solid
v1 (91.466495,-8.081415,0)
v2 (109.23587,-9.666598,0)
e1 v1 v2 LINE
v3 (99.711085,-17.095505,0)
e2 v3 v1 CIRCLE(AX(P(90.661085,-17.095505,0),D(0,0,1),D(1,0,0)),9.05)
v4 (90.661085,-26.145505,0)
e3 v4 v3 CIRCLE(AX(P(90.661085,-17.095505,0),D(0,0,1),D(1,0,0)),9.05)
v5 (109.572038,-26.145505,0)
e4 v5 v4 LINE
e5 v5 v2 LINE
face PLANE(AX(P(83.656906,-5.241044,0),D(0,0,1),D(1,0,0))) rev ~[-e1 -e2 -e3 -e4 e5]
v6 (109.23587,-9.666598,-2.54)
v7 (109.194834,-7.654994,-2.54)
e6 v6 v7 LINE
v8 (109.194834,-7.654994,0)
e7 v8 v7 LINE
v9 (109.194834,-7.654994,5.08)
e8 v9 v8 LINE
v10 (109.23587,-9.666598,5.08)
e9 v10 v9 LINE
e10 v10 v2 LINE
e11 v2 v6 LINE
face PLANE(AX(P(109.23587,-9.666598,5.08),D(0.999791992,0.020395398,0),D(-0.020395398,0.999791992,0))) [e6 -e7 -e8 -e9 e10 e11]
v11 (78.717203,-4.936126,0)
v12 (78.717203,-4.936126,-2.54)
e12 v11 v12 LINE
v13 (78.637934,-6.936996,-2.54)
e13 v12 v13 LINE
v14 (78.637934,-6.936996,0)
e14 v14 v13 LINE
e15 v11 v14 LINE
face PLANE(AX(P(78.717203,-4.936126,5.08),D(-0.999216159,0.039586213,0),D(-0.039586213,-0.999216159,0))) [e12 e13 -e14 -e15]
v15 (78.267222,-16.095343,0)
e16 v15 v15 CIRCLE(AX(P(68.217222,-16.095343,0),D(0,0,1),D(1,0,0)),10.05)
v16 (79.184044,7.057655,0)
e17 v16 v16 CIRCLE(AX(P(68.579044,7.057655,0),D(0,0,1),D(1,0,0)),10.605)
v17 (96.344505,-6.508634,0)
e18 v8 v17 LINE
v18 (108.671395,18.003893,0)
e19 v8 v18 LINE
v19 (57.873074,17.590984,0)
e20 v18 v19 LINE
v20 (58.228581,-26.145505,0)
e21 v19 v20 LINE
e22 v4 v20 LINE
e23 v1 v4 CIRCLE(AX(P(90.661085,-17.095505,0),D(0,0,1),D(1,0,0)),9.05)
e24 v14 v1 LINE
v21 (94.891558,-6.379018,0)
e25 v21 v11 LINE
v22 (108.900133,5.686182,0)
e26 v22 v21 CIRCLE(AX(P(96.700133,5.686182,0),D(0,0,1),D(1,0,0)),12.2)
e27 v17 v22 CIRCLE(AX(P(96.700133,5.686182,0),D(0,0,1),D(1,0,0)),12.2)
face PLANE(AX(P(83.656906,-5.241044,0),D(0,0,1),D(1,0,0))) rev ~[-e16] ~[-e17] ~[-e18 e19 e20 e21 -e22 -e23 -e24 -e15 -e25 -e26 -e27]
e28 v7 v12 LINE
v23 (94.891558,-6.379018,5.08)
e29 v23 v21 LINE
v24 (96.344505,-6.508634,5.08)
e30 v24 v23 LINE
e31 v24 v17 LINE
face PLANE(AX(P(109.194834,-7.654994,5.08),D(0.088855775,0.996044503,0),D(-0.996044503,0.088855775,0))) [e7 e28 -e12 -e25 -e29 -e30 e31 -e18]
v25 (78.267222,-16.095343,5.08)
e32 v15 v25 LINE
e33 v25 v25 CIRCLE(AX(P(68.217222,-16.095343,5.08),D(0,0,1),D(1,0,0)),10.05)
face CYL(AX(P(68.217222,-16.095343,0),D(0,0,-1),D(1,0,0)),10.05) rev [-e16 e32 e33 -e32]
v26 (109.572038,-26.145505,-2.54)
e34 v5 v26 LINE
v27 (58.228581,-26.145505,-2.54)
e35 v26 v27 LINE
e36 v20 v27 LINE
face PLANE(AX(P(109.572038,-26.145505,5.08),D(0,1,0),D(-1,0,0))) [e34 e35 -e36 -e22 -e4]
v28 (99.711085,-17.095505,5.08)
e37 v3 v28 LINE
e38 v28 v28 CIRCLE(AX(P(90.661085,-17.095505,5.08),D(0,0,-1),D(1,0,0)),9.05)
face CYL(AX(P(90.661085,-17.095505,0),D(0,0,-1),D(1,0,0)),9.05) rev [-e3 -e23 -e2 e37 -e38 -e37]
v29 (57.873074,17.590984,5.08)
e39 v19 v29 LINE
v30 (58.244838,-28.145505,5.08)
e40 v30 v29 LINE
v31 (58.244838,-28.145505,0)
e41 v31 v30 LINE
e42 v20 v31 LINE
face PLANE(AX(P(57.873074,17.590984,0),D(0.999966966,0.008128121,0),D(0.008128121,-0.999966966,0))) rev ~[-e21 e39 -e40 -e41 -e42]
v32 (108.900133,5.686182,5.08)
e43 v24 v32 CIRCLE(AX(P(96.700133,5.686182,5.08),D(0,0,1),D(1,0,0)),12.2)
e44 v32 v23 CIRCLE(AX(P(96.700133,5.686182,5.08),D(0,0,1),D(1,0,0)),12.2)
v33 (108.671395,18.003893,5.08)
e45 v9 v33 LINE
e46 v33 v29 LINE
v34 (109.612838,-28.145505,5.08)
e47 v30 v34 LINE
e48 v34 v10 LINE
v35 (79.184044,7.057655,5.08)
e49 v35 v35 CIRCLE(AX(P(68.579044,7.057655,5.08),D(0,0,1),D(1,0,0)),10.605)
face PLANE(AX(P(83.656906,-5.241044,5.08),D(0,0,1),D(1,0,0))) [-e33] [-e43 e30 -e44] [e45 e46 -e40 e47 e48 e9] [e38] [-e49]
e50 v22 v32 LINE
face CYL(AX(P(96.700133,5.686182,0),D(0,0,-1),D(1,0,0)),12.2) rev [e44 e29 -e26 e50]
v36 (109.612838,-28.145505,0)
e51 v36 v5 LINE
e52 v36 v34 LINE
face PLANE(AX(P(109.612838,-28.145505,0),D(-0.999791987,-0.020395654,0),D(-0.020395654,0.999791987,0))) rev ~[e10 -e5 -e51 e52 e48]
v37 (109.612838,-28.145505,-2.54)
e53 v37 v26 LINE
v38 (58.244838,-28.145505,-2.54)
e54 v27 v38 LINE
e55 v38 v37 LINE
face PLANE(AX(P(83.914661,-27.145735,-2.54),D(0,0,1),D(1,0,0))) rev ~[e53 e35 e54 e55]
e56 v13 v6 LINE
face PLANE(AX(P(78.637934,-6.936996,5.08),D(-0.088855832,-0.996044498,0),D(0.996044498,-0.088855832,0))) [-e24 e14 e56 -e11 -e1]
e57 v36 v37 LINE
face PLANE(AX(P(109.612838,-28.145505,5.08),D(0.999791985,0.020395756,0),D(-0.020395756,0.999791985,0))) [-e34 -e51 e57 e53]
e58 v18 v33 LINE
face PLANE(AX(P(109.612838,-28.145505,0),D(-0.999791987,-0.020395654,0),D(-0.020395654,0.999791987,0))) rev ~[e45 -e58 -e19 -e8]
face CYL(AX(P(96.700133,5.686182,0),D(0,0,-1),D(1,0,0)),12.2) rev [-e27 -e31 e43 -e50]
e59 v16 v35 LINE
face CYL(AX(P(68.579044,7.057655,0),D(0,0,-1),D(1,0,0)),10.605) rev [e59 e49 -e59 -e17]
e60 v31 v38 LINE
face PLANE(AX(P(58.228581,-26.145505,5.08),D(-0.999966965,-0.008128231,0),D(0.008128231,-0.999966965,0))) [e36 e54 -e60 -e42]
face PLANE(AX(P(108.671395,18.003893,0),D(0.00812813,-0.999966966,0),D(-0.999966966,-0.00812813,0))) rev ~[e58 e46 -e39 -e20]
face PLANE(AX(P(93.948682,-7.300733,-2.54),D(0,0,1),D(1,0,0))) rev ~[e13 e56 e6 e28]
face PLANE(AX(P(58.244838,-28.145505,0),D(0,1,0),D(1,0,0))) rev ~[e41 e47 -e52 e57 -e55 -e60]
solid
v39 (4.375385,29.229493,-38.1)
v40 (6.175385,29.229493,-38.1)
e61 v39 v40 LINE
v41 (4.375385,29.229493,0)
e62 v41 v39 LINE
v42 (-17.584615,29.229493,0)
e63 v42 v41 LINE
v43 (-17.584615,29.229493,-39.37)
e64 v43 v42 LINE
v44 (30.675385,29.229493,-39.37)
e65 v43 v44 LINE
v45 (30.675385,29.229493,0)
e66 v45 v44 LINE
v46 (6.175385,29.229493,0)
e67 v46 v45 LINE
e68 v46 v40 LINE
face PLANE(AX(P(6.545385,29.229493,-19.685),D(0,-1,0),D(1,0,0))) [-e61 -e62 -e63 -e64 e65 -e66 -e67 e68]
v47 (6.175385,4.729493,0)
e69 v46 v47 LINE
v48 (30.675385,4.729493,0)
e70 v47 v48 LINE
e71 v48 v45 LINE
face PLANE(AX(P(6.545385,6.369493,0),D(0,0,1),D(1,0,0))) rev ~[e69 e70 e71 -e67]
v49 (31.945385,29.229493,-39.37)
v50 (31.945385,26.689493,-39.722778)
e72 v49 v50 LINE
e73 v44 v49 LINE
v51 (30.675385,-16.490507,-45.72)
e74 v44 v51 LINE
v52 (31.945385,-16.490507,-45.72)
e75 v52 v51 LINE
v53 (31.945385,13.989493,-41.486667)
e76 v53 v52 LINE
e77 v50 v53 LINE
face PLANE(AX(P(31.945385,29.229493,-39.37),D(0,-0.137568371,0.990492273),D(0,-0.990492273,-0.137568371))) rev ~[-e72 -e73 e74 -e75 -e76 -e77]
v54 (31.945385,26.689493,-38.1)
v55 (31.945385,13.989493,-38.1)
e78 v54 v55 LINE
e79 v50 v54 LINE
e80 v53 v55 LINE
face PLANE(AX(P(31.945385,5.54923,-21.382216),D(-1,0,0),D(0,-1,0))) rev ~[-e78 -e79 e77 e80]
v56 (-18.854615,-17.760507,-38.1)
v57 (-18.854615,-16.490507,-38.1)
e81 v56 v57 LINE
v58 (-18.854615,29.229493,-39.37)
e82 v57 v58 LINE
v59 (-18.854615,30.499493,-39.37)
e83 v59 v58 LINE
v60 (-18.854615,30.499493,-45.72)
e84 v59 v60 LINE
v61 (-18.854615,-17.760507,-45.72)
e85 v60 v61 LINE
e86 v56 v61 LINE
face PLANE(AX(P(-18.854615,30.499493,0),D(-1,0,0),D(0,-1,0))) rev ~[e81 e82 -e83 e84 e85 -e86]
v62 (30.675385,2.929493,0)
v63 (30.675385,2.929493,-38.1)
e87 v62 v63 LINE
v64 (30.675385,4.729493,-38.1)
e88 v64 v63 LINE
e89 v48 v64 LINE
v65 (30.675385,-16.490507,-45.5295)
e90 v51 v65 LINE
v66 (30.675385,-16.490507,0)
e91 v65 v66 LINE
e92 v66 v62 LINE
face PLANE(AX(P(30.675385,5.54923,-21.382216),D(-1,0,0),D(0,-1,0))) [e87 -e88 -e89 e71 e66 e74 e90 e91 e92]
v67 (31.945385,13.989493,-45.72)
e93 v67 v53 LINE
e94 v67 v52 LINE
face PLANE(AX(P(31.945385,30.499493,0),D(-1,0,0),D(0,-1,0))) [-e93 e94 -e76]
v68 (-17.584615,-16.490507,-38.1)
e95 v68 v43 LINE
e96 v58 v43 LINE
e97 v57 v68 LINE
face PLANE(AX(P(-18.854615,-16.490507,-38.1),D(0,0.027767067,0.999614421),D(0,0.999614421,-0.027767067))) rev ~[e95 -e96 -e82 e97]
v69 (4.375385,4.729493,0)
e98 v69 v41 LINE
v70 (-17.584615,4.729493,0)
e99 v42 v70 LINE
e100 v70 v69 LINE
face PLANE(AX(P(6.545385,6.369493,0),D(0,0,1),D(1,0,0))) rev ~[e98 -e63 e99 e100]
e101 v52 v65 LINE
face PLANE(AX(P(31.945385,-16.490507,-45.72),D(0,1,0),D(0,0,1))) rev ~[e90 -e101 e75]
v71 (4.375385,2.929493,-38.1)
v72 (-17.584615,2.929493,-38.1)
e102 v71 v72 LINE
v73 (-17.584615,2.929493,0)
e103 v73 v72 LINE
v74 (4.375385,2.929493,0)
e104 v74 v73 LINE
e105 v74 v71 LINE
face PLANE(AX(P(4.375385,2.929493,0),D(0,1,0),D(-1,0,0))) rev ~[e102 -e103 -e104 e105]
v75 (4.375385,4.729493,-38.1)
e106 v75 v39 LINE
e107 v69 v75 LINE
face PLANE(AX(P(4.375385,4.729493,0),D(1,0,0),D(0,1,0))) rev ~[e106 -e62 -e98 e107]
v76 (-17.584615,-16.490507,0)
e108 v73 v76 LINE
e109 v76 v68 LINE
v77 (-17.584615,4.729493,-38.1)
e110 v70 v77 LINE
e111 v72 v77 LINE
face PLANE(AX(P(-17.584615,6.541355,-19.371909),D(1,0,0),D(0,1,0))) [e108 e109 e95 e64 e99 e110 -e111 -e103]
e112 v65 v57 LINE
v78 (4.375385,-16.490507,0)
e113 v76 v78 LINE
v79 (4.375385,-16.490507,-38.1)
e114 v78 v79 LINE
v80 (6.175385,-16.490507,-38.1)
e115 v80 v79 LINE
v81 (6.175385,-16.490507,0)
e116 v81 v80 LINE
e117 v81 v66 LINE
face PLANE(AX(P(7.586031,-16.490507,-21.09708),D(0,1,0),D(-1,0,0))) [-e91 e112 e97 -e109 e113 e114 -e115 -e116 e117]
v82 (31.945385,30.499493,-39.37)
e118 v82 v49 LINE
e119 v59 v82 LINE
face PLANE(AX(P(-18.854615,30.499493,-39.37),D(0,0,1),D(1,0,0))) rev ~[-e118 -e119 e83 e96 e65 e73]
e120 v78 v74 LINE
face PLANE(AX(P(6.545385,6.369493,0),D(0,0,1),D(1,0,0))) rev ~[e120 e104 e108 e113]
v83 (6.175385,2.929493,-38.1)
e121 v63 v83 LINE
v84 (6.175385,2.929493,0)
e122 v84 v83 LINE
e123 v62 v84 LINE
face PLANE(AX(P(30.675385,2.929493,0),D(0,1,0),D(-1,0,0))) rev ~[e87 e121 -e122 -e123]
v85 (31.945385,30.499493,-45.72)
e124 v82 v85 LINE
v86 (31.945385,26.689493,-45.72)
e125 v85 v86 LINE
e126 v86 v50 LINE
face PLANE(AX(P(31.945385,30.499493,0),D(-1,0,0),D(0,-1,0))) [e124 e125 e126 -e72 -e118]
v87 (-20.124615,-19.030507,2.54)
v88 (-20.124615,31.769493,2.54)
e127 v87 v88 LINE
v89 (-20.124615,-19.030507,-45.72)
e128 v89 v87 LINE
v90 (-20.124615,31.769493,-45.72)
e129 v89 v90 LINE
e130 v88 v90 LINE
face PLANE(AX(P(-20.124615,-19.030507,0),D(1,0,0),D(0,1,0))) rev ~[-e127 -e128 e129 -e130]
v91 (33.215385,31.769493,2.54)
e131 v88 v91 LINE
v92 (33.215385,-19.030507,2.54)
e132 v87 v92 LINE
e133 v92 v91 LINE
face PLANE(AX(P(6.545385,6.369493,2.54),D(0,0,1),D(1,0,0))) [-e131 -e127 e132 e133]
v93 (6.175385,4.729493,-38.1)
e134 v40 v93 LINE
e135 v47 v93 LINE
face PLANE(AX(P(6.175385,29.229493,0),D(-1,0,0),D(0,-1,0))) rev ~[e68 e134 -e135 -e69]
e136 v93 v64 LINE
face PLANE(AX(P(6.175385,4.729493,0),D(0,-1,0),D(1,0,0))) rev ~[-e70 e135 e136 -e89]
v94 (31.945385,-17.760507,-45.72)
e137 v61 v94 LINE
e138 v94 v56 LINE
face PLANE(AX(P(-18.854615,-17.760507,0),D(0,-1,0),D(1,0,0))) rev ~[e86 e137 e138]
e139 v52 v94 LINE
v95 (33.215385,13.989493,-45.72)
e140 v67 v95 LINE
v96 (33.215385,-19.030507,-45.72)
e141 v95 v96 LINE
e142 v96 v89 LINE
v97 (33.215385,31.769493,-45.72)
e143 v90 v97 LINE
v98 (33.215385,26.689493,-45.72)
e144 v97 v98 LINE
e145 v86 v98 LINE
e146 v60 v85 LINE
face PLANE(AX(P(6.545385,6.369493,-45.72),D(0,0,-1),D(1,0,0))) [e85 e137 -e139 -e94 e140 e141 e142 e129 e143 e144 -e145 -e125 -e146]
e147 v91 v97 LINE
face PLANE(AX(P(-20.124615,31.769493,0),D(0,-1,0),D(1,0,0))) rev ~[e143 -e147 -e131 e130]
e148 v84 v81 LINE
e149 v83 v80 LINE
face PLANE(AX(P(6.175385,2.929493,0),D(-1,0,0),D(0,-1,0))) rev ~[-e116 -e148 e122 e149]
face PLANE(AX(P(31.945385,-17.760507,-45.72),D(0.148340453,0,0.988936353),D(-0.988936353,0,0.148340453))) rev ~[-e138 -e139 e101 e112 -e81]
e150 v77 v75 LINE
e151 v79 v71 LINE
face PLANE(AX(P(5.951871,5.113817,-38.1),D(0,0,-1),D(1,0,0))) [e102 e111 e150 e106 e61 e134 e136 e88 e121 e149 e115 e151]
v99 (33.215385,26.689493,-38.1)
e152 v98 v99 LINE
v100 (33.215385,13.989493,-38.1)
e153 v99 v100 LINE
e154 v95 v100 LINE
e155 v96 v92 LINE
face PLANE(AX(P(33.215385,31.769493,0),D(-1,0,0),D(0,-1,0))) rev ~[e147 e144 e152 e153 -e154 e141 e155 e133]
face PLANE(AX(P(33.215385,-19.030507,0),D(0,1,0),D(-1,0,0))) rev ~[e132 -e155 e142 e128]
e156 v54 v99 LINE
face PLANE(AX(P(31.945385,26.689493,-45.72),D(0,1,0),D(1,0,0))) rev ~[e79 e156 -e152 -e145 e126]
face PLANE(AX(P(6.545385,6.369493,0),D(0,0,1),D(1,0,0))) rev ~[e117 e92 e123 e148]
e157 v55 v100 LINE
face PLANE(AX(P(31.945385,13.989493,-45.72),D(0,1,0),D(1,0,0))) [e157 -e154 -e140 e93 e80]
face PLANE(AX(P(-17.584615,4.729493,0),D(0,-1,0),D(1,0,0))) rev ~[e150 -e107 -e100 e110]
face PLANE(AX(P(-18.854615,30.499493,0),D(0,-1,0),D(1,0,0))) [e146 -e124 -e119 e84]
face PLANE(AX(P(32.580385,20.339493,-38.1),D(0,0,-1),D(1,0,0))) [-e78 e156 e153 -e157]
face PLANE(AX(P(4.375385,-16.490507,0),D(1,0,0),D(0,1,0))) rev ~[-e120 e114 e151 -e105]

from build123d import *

# Parameters (mm, degrees)
F0_W      = 53.34
F0_H      = 50.8
F1_DEPTH  = 2.54
F2_W      = 50.8
F2_H      = 48.26
F3_DEPTH  = 45.72
F4_W      = 1.27
F4_H      = 12.7
F5_DEPTH  = 7.62
F6_W      = 50.8
F6_H      = 39.37
F7_DEPTH  = 1.27
F9_DEPTH  = 1.27
F11_DEPTH = 1.27
F13_DEPTH = 1.27
F15_DEPTH = 38.1
F16_R     = 10.05
F16_R_2   = 9.05
F16_R_3   = 10.605
F16_R_4   = 12.2
F17_DEPTH = 5.08
F19_DEPTH = 7.62


with BuildPart() as f1:
    # F0 (on Top) → F1 (new body)
    with BuildSketch(Plane.XY):
        with Locations((6.545385, 6.369493)):
            Rectangle(F0_W, F0_H)
    extrude(amount=F1_DEPTH)

    # F2 (on face) → F3 (join)
    with BuildSketch(Plane(origin=(0, 0, 0), x_dir=(1, 0, 0), z_dir=(0, 0, -1))):
        Polygon((-18.854615, 19.030507), (-20.124615, 19.030507), (-20.124615, -31.769493), (-18.854615, -31.769493), (31.945385, -31.769493), (33.215385, -31.769493), (33.215385, 19.030507), (31.945385, 19.030507), align=None)
        with Locations((6.545385, -6.369493)):
            Rectangle(F2_W, F2_H, mode=Mode.SUBTRACT)
    extrude(amount=F3_DEPTH)

    # F4 (on face) → F5 (cut)
    with BuildSketch(Plane(origin=(0, 0, -45.72), x_dir=(1, 0, 0), z_dir=(0, 0, -1))):
        with Locations((32.580385, -20.339493)):
            Rectangle(F4_W, F4_H)
    extrude(amount=-F5_DEPTH, mode=Mode.SUBTRACT)

    # F6 (on face) → F7 (join)
    with BuildSketch(Plane.XZ.offset(-30.499493)):
        with Locations((6.545385, -19.685)):
            Rectangle(F6_W, F6_H)
    extrude(amount=F7_DEPTH)

    # F8 (on face) → F9 (join)
    with BuildSketch(Plane(origin=(0, -17.760507, 0), x_dir=(-1, 0, 0), z_dir=(0, 1, 0))):
        Polygon((18.854615, -38.1), (18.854615, 0), (-31.945385, 0), (-31.945385, -45.72), align=None)
    extrude(amount=F9_DEPTH)

    # F10 (on face) → F11 (join)
    with BuildSketch(Plane(origin=(31.945385, 0, 0), x_dir=(0, -1, 0), z_dir=(-1, 0, 0))):
        Polygon((16.490507, -45.72), (16.490507, 0), (-29.229493, 0), (-29.229493, -39.37), align=None)
    extrude(amount=F11_DEPTH)

    # F12 (on face) → F13 (join)
    with BuildSketch(Plane.YZ.offset(-18.854615)):
        Polygon((29.229493, 0), (-16.490507, 0), (-16.490507, -38.1), (29.229493, -39.37), align=None)
    extrude(amount=F13_DEPTH)

    # F14 (on face) → F15 (join)
    with BuildSketch(Plane(origin=(0, 0, 0), x_dir=(1, 0, 0), z_dir=(0, 0, -1))):
        Polygon((4.375385, -29.229493), (6.175385, -29.229493), (6.175385, -4.729493), (30.675385, -4.729493), (30.675385, -2.929493), (6.175385, -2.929493), (6.175385, 16.490507), (4.375385, 16.490507), (4.375385, -2.929493), (-17.584615, -2.929493), (-17.584615, -4.729493), (4.375385, -4.729493), align=None)
    extrude(amount=F15_DEPTH)


with BuildPart() as f17:
    # F16 (on Top) → F17 (new body)
    with BuildSketch(Plane.XY):
        Polygon((57.873074, 17.590984), (58.244838, -28.145505), (109.612838, -28.145505), (108.671395, 18.003893), align=None)
        with Locations((68.217222, -16.095343)):
            Circle(F16_R, mode=Mode.SUBTRACT)
        with Locations((90.661085, -17.095505)):
            Circle(F16_R_2, mode=Mode.SUBTRACT)
        with Locations((68.579044, 7.057655)):
            Circle(F16_R_3, mode=Mode.SUBTRACT)
        with Locations((96.700133, 5.686182)):
            Circle(F16_R_4, mode=Mode.SUBTRACT)
    extrude(amount=F17_DEPTH)

    # F18 (on face) → F19 (join)
    with BuildSketch(Plane.XY.offset(5.08)):
        Polygon((58.228581, -26.145505), (58.244838, -28.145505), (109.612838, -28.145505), (109.572038, -26.145505), align=None)
        Polygon((78.637934, -6.936996), (109.23587, -9.666598), (109.194834, -7.654994), (78.717203, -4.936126), align=None)
    extrude(amount=-F19_DEPTH)


solid = Compound([f1.part, f17.part])
